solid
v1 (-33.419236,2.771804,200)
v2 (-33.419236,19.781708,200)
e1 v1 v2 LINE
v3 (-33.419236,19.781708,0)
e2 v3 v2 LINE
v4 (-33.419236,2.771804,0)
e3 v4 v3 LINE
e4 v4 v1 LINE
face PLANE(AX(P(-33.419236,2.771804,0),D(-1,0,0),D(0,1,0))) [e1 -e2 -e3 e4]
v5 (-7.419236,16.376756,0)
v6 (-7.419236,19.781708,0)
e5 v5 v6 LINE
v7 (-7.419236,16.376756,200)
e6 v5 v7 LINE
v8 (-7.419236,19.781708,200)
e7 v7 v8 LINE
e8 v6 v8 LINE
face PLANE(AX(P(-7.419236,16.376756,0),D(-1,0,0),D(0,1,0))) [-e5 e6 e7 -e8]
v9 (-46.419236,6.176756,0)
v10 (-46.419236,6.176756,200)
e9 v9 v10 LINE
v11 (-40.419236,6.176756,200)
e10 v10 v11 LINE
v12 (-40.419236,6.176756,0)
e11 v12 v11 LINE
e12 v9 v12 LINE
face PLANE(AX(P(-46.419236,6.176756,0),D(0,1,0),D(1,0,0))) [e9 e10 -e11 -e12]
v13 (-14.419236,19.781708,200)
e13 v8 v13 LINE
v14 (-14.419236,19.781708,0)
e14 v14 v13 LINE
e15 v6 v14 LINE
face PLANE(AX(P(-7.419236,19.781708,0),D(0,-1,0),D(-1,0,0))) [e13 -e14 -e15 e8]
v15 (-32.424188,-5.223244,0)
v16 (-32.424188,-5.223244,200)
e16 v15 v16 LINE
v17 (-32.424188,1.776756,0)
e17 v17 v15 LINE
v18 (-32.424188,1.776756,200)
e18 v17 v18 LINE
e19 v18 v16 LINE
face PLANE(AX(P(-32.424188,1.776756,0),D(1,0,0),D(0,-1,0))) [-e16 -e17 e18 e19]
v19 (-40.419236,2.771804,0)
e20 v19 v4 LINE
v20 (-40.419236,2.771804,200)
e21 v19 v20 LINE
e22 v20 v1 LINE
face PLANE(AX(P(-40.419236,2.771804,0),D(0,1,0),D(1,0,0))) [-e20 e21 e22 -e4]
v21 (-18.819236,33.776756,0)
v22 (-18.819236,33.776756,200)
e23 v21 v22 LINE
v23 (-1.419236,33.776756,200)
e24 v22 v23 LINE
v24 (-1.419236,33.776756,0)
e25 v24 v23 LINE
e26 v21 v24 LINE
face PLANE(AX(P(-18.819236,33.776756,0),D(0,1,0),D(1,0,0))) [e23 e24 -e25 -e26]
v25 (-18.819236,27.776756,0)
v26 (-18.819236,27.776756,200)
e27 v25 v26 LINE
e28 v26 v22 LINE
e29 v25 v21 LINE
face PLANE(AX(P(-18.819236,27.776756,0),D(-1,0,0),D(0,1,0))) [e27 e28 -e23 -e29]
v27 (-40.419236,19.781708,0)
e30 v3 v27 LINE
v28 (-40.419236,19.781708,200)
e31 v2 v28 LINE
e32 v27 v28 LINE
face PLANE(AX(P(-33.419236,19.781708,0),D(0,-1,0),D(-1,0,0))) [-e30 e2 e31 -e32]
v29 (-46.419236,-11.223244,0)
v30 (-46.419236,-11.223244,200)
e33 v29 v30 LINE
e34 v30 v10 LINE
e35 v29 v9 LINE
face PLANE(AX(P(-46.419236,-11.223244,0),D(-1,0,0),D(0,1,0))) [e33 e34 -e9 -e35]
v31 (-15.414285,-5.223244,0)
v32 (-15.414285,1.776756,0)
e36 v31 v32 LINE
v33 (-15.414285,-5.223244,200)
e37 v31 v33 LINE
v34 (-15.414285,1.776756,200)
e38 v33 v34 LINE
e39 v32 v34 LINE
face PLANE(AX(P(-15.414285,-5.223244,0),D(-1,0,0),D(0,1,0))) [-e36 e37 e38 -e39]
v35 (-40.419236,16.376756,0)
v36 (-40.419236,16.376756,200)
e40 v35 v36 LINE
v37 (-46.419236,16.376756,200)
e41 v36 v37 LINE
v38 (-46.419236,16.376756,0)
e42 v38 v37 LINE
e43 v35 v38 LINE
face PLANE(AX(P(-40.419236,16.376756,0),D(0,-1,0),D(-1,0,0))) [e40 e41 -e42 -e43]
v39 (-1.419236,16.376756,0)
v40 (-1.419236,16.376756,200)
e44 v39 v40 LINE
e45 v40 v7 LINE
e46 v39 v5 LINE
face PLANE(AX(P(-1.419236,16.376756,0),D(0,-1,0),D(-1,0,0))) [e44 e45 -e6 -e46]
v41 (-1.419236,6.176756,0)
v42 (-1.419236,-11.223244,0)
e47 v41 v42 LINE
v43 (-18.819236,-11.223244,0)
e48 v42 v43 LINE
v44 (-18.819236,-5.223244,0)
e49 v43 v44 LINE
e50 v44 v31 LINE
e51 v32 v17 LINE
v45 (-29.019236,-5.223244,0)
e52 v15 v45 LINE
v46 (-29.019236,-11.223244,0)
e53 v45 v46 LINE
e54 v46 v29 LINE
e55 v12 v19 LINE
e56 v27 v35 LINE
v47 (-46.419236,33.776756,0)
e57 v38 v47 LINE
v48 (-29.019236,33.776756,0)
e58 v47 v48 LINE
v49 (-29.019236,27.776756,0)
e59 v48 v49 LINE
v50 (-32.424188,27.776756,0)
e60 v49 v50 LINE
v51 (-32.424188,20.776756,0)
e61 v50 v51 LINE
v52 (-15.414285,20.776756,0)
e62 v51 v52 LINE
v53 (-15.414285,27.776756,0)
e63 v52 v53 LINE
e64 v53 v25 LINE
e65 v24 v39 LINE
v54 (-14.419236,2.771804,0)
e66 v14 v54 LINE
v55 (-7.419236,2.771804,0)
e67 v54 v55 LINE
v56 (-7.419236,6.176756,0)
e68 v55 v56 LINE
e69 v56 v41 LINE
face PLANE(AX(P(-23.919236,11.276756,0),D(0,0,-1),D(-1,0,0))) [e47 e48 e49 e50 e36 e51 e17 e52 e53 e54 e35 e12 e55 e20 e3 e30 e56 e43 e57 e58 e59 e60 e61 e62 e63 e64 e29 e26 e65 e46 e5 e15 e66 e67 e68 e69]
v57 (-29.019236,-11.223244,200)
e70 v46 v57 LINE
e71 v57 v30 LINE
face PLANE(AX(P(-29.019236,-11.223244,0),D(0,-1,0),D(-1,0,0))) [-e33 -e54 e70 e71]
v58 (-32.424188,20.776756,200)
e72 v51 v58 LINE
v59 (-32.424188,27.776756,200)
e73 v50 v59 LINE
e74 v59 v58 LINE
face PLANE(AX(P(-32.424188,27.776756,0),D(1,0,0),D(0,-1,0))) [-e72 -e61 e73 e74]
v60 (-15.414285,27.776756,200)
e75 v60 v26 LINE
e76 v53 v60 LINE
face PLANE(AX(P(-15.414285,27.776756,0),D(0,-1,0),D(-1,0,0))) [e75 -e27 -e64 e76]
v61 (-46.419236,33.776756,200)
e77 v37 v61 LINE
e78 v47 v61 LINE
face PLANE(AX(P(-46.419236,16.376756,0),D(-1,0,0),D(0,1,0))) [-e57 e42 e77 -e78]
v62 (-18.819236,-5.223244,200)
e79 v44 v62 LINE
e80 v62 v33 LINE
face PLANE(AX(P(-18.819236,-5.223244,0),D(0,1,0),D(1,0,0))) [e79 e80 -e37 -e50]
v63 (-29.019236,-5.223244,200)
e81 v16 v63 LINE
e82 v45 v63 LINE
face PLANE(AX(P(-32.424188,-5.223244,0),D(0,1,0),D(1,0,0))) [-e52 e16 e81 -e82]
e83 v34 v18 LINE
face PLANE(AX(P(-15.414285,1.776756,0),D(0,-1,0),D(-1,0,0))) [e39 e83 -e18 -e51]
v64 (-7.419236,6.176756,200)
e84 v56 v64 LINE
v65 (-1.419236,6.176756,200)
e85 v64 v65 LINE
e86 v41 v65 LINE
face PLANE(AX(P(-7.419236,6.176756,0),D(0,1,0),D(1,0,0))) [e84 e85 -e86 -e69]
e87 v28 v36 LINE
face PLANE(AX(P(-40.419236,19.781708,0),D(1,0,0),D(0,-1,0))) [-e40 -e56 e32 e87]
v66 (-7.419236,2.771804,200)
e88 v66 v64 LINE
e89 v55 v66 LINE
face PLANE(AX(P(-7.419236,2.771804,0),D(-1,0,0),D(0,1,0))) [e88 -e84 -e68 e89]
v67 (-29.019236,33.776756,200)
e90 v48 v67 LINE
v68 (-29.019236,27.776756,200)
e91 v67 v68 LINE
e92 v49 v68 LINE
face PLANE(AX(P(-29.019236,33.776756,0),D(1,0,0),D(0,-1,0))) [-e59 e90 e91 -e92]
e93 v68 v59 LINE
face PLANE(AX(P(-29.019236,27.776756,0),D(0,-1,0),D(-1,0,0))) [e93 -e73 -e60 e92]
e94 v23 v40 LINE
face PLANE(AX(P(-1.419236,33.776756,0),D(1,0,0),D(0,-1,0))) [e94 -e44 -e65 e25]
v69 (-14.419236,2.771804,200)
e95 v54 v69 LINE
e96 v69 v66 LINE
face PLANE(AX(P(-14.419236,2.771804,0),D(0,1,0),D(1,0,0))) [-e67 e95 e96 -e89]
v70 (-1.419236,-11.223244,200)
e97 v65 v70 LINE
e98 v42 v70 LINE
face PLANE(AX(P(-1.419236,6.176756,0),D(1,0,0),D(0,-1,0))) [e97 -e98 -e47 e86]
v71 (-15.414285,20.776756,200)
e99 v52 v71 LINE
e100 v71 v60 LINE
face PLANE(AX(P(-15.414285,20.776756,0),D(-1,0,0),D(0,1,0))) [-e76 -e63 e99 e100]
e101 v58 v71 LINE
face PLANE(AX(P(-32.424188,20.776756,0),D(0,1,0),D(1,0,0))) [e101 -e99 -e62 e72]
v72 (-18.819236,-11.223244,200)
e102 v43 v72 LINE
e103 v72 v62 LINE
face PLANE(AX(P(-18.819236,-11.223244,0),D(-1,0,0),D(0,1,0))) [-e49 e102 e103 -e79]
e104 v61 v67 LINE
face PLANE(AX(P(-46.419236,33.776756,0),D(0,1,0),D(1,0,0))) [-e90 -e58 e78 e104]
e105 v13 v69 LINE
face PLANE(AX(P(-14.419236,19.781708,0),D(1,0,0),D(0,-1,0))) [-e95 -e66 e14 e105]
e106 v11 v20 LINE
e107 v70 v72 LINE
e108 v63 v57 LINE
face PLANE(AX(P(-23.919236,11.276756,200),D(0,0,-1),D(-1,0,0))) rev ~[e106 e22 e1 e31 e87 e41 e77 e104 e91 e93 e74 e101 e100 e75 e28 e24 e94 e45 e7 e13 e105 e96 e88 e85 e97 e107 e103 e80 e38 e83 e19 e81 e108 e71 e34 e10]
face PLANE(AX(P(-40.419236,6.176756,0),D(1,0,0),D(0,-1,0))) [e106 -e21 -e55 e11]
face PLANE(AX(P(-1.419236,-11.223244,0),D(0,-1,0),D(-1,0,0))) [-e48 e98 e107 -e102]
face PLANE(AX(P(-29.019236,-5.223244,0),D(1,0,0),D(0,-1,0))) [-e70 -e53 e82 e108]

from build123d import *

# Parameters (mm, degrees)
AUFSATZ_LINEAR_AUSTRAGEN1_DEPTH = 200


with BuildPart() as part:
    # Skizze1 → Aufsatz-Linear austragen1 (new body)
    with BuildSketch(Plane.XY):
        Polygon((-18.819236164, 33.776755942), (-1.419236164, 33.776755942), (-1.419236164, 16.376755942), (-7.419236164, 16.376755942), (-7.419236164, 19.781707503), (-14.419236164, 19.781707503), (-14.419236164, 2.77180438), (-7.419236164, 2.77180438), (-7.419236164, 6.176755942), (-1.419236164, 6.176755942), (-1.419236164, -11.223244058), (-18.819236164, -11.223244058), (-18.819236164, -5.223244058), (-15.414284603, -5.223244058), (-15.414284603, 1.776755942), (-32.424187726, 1.776755942), (-32.424187726, -5.223244058), (-29.019236164, -5.223244058), (-29.019236164, -11.223244058), (-46.419236164, -11.223244058), (-46.419236164, 6.176755942), (-40.419236164, 6.176755942), (-40.419236164, 2.77180438), (-33.419236164, 2.77180438), (-33.419236164, 19.781707503), (-40.419236164, 19.781707503), (-40.419236164, 16.376755942), (-46.419236164, 16.376755942), (-46.419236164, 33.776755942), (-29.019236164, 33.776755942), (-29.019236164, 27.776755942), (-32.424187726, 27.776755942), (-32.424187726, 20.776755942), (-15.414284603, 20.776755942), (-15.414284603, 27.776755942), (-18.819236164, 27.776755942), align=None)
    extrude(amount=AUFSATZ_LINEAR_AUSTRAGEN1_DEPTH)


solid = part.part
